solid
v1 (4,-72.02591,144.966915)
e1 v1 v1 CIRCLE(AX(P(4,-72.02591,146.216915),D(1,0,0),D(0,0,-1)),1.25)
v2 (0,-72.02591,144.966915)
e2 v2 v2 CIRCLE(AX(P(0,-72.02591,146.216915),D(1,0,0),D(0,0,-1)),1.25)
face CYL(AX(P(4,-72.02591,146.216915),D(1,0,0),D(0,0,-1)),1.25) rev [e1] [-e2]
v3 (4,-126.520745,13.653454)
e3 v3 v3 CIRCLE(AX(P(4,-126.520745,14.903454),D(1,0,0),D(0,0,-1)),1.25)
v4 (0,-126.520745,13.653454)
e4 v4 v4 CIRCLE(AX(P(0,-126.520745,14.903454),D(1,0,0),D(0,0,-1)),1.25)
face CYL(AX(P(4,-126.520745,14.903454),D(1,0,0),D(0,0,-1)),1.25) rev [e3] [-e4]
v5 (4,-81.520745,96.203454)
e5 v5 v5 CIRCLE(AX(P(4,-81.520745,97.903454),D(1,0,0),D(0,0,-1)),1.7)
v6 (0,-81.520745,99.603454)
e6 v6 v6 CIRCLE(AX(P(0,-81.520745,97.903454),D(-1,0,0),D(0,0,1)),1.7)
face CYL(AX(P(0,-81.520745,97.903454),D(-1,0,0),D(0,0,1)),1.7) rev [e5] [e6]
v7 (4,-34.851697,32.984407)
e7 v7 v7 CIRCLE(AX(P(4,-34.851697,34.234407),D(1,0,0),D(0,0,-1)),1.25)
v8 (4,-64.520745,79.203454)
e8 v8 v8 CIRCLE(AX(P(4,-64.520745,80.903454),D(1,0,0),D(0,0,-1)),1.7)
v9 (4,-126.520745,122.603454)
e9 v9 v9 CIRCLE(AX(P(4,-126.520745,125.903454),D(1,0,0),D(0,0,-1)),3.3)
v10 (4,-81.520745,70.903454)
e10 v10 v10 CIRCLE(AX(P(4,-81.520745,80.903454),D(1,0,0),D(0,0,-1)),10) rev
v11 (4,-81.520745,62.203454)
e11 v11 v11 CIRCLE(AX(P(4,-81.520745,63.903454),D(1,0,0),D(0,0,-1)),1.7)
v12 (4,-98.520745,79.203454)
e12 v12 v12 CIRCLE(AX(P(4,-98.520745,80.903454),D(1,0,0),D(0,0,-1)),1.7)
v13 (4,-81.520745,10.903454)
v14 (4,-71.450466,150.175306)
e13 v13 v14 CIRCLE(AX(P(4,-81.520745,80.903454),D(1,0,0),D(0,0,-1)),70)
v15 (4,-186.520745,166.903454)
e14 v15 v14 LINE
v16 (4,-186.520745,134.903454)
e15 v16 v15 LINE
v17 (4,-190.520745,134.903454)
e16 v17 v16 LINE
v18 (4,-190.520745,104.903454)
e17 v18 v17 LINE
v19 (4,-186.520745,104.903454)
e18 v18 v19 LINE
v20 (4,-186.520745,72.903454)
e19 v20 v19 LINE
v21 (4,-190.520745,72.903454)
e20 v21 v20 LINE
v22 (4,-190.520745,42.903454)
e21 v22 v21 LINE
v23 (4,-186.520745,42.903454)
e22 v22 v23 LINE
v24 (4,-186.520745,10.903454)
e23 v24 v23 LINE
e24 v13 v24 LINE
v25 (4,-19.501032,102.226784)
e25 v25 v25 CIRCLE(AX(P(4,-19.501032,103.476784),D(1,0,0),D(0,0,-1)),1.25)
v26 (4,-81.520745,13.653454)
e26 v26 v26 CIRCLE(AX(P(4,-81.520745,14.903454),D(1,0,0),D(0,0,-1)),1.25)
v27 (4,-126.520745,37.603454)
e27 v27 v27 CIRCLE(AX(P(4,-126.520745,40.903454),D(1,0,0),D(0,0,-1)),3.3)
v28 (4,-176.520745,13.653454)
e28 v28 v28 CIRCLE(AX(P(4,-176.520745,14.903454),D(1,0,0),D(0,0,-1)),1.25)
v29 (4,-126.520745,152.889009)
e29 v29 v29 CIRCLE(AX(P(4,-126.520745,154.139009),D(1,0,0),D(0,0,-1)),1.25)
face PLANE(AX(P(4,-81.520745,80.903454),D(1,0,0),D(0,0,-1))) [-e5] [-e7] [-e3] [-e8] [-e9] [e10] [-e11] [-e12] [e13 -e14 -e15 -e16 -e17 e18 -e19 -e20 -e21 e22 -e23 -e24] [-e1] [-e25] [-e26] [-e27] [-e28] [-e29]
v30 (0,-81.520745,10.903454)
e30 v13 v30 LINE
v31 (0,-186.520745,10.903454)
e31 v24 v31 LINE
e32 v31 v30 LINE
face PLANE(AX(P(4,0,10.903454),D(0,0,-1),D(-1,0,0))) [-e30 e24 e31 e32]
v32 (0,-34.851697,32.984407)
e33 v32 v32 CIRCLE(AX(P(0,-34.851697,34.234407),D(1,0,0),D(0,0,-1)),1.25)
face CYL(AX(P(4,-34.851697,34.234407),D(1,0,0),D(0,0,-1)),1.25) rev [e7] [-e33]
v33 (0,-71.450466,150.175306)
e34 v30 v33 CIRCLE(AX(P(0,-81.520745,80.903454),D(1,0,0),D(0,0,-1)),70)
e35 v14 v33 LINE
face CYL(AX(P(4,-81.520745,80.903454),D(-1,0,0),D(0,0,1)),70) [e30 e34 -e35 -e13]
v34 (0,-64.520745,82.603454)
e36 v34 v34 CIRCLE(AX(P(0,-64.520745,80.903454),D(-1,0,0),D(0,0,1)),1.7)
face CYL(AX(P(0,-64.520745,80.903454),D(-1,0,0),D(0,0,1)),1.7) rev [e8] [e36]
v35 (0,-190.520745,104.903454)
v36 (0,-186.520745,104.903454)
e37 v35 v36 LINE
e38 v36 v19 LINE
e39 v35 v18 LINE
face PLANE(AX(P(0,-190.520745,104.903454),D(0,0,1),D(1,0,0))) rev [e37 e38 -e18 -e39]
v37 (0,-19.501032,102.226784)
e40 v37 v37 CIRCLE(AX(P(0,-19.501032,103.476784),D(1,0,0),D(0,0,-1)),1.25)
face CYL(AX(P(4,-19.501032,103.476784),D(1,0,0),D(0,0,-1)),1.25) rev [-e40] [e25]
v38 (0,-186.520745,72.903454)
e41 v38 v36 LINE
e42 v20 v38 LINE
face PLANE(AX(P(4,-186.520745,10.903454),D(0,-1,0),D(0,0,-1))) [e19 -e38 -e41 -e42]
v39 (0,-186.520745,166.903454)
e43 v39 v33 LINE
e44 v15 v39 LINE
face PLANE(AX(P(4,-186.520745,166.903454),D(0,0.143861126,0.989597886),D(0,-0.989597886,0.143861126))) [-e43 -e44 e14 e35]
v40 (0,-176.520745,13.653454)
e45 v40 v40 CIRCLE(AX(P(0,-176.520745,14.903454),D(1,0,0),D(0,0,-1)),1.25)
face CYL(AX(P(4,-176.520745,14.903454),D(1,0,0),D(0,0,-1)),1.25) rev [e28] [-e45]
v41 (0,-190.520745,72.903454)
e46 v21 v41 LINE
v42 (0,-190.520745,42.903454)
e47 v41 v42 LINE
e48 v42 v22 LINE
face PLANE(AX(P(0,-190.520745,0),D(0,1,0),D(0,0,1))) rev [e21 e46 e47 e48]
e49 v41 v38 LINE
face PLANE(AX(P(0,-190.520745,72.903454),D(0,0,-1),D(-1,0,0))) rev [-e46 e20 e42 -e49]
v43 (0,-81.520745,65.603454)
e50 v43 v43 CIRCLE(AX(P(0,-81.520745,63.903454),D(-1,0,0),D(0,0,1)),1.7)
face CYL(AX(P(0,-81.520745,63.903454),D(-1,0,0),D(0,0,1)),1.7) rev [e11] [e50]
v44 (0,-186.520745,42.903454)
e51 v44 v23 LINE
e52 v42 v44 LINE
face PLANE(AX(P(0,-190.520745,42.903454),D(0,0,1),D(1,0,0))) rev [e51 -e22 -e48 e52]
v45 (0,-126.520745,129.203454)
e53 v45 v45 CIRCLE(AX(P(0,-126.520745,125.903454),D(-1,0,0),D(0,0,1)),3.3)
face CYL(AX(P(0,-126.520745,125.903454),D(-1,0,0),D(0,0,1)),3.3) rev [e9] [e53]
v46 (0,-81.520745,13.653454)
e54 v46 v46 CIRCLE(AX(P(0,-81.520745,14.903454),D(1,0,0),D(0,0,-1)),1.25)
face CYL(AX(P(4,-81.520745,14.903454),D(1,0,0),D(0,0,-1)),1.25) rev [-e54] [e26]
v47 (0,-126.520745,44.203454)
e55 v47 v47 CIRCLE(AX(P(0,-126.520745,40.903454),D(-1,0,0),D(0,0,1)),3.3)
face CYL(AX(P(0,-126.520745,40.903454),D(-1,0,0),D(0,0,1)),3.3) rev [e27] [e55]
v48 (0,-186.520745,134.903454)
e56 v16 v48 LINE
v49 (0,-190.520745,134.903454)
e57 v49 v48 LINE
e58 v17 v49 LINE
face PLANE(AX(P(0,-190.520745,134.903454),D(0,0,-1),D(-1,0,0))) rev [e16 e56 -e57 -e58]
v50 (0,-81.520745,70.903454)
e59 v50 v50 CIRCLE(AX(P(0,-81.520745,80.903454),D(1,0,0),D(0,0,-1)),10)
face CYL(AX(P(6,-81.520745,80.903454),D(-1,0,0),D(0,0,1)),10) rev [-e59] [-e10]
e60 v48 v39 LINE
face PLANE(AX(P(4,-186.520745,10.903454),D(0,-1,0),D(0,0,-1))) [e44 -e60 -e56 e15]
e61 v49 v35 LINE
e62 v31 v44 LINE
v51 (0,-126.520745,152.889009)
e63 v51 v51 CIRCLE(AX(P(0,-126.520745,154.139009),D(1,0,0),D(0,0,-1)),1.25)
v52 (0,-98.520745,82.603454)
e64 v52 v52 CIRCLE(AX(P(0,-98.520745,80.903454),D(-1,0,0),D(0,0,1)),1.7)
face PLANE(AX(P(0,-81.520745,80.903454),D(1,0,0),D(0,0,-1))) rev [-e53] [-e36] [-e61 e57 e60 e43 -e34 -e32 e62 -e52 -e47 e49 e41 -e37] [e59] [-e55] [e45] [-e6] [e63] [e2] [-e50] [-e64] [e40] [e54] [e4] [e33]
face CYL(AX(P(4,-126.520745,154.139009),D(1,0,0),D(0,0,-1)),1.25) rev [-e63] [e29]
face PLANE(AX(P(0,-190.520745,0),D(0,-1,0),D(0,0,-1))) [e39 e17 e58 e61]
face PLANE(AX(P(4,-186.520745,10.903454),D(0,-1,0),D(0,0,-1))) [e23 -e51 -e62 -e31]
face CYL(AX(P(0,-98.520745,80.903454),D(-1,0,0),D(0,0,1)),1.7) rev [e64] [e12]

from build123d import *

# Parameters (mm, degrees)
AUFSATZ_LINEAR_AUSTRAGEN1_DEPTH      = 4
SKIZZE1_9_R                          = 10
SCHNITT_LINEAR_AUSTRAGEN1_DEPTH      = 6
SCHNITT_LINEAR_AUSTRAGEN2_DEPTH      = 251.325290812
SCHNITT_LINEAR_AUSTRAGEN2_DEPTH_BACK = 10
M3_GEWINDEBOHRUNG1_D                 = 2.5
M3_GEWINDEBOHRUNG1_DEPTH             = 8.5
M3_GEWINDEBOHRUNG1_TIP               = 0.751075774
KREISMUSTER1_COUNT                   = 4
DURCHGANGSLOCH_F_R_M61_D             = 6.6
DURCHGANGSLOCH_F_R_M61_DEPTH         = 17
DURCHGANGSLOCH_F_R_M61_TIP           = 1.982840043
SKIZZE32_W                           = 4
SKIZZE32_H                           = 30
AUFSATZ_LINEAR_AUSTRAGEN2_DEPTH      = 4


with BuildPart() as part:
    # Skizze1 → Aufsatz-Linear austragen1 (new body)
    with BuildSketch(Plane(origin=(0, 0, 0), x_dir=(0, 0, -1), z_dir=(1, 0, 0))):
        with BuildLine():
            Line((-120.903454086, -13.395859459), (-120.903454086, -24.075118314))
            ThreePointArc((-120.903454086, -24.075118314), (-140.453351678, -44.726591756), (-150.175306123, -71.450465968))
            Line((-150.175306123, -71.450465968), (-166.903454086, -186.520744783))
            Line((-166.903454086, -186.520744783), (-10.903454086, -186.520744783))
            Line((-10.903454086, -186.520744783), (-1.903454086, -186.520744783))
            Line((-1.903454086, -186.520744783), (-1.903454086, -81.52074478))
            ThreePointArc((-1.903454086, -81.52074478), (-41.654250272, -12.960552248), (-120.903454086, -13.395859459))
        make_face()
    extrude(amount=AUFSATZ_LINEAR_AUSTRAGEN1_DEPTH)

    # Skizze1<9> → Schnitt-Linear austragen1 (cut)
    with BuildSketch(Plane(origin=(0, 0, 0), x_dir=(0, 0, -1), z_dir=(1, 0, 0))):
        with Locations((-80.903454086, -81.52074478)):
            Circle(SKIZZE1_9_R)
    extrude(amount=SCHNITT_LINEAR_AUSTRAGEN1_DEPTH, mode=Mode.SUBTRACT)

    # Skizze3 → Durchgangsloch für M31 (revolve, cut)
    with BuildSketch(Plane(origin=(0, -81.52074478, 63.903454086), x_dir=(0, 0, 1), z_dir=(0, 1, 0))):
        Polygon((0, 0), (0, 21.021463052), (1.7, 20), (1.7, 0), align=None)
    durchgangsloch_f_r_m31 = revolve(axis=Axis((-6.35, -81.52074478, 63.903454086), (1, 0, 0)), mode=Mode.SUBTRACT)

    # Skizze1<18> → Schnitt-Linear austragen2 (cut, two sides: drawn at the far end of the back side and taken through both)
    with BuildSketch(Plane(origin=(0, 0, 0), x_dir=(0, 0, -1), z_dir=(1, 0, 0)).offset(-SCHNITT_LINEAR_AUSTRAGEN2_DEPTH_BACK)):
        with BuildLine():
            ThreePointArc((-1.903454086, -81.52074478), (-41.654250272, -12.960552248), (-120.903454086, -13.395859459))
            Line((-120.903454086, -13.395859459), (-120.903454086, -24.075118314))
            ThreePointArc((-120.903454086, -24.075118314), (-48.499750594, -19.47237655), (-10.903454086, -81.52074478))
            Line((-10.903454086, -81.52074478), (-10.903454086, -186.520744783))
            Line((-10.903454086, -186.520744783), (-1.903454086, -186.520744783))
            Line((-1.903454086, -186.520744783), (-1.903454086, -81.52074478))
        make_face()
    extrude(amount=SCHNITT_LINEAR_AUSTRAGEN2_DEPTH + SCHNITT_LINEAR_AUSTRAGEN2_DEPTH_BACK, mode=Mode.SUBTRACT)

    # M3 Gewindebohrung1
    with Locations(Plane.YZ.offset(4)):
        with Locations((-176.520744783, 14.903454086), (-126.520744783, 14.903454086), (-34.851697221, 34.234406527), (-19.501031808, 103.476783545), (-81.52074478, 14.903454086), (-72.025910472, 146.216914578), (-126.520744783, 154.139009327)):
            Hole(M3_GEWINDEBOHRUNG1_D / 2, depth=M3_GEWINDEBOHRUNG1_DEPTH)
            with Locations((0, 0, -(M3_GEWINDEBOHRUNG1_DEPTH + M3_GEWINDEBOHRUNG1_TIP / 2))):  # 118° drill point
                Cone(0, M3_GEWINDEBOHRUNG1_D / 2, M3_GEWINDEBOHRUNG1_TIP, mode=Mode.SUBTRACT)

    # Kreismuster1: Durchgangsloch für M31 ×4 about axis
    kreismuster1_axis = Axis((0, -81.52074478, 80.903454086), (1, 0, 0))
    for i in range(1, KREISMUSTER1_COUNT):
        add(durchgangsloch_f_r_m31.rotate(kreismuster1_axis, i * 360 / KREISMUSTER1_COUNT), mode=Mode.SUBTRACT)

    # Durchgangsloch für M61
    with Locations(Plane.ZY):
        with Locations((40.903454086, -126.520744783), (125.903454086, -126.520744783)):
            Hole(DURCHGANGSLOCH_F_R_M61_D / 2, depth=DURCHGANGSLOCH_F_R_M61_DEPTH)
            with Locations((0, 0, -(DURCHGANGSLOCH_F_R_M61_DEPTH + DURCHGANGSLOCH_F_R_M61_TIP / 2))):  # 118° drill point
                Cone(0, DURCHGANGSLOCH_F_R_M61_D / 2, DURCHGANGSLOCH_F_R_M61_TIP, mode=Mode.SUBTRACT)

    # Skizze32 → Aufsatz-Linear austragen2 (add)
    with BuildSketch(Plane.XZ.offset(186.520744783)):
        with Locations((2, 119.903454086)):
            Rectangle(SKIZZE32_W, SKIZZE32_H)
        with Locations((2, 57.903454086)):
            Rectangle(SKIZZE32_W, SKIZZE32_H)
    extrude(amount=AUFSATZ_LINEAR_AUSTRAGEN2_DEPTH)


solid = part.part
